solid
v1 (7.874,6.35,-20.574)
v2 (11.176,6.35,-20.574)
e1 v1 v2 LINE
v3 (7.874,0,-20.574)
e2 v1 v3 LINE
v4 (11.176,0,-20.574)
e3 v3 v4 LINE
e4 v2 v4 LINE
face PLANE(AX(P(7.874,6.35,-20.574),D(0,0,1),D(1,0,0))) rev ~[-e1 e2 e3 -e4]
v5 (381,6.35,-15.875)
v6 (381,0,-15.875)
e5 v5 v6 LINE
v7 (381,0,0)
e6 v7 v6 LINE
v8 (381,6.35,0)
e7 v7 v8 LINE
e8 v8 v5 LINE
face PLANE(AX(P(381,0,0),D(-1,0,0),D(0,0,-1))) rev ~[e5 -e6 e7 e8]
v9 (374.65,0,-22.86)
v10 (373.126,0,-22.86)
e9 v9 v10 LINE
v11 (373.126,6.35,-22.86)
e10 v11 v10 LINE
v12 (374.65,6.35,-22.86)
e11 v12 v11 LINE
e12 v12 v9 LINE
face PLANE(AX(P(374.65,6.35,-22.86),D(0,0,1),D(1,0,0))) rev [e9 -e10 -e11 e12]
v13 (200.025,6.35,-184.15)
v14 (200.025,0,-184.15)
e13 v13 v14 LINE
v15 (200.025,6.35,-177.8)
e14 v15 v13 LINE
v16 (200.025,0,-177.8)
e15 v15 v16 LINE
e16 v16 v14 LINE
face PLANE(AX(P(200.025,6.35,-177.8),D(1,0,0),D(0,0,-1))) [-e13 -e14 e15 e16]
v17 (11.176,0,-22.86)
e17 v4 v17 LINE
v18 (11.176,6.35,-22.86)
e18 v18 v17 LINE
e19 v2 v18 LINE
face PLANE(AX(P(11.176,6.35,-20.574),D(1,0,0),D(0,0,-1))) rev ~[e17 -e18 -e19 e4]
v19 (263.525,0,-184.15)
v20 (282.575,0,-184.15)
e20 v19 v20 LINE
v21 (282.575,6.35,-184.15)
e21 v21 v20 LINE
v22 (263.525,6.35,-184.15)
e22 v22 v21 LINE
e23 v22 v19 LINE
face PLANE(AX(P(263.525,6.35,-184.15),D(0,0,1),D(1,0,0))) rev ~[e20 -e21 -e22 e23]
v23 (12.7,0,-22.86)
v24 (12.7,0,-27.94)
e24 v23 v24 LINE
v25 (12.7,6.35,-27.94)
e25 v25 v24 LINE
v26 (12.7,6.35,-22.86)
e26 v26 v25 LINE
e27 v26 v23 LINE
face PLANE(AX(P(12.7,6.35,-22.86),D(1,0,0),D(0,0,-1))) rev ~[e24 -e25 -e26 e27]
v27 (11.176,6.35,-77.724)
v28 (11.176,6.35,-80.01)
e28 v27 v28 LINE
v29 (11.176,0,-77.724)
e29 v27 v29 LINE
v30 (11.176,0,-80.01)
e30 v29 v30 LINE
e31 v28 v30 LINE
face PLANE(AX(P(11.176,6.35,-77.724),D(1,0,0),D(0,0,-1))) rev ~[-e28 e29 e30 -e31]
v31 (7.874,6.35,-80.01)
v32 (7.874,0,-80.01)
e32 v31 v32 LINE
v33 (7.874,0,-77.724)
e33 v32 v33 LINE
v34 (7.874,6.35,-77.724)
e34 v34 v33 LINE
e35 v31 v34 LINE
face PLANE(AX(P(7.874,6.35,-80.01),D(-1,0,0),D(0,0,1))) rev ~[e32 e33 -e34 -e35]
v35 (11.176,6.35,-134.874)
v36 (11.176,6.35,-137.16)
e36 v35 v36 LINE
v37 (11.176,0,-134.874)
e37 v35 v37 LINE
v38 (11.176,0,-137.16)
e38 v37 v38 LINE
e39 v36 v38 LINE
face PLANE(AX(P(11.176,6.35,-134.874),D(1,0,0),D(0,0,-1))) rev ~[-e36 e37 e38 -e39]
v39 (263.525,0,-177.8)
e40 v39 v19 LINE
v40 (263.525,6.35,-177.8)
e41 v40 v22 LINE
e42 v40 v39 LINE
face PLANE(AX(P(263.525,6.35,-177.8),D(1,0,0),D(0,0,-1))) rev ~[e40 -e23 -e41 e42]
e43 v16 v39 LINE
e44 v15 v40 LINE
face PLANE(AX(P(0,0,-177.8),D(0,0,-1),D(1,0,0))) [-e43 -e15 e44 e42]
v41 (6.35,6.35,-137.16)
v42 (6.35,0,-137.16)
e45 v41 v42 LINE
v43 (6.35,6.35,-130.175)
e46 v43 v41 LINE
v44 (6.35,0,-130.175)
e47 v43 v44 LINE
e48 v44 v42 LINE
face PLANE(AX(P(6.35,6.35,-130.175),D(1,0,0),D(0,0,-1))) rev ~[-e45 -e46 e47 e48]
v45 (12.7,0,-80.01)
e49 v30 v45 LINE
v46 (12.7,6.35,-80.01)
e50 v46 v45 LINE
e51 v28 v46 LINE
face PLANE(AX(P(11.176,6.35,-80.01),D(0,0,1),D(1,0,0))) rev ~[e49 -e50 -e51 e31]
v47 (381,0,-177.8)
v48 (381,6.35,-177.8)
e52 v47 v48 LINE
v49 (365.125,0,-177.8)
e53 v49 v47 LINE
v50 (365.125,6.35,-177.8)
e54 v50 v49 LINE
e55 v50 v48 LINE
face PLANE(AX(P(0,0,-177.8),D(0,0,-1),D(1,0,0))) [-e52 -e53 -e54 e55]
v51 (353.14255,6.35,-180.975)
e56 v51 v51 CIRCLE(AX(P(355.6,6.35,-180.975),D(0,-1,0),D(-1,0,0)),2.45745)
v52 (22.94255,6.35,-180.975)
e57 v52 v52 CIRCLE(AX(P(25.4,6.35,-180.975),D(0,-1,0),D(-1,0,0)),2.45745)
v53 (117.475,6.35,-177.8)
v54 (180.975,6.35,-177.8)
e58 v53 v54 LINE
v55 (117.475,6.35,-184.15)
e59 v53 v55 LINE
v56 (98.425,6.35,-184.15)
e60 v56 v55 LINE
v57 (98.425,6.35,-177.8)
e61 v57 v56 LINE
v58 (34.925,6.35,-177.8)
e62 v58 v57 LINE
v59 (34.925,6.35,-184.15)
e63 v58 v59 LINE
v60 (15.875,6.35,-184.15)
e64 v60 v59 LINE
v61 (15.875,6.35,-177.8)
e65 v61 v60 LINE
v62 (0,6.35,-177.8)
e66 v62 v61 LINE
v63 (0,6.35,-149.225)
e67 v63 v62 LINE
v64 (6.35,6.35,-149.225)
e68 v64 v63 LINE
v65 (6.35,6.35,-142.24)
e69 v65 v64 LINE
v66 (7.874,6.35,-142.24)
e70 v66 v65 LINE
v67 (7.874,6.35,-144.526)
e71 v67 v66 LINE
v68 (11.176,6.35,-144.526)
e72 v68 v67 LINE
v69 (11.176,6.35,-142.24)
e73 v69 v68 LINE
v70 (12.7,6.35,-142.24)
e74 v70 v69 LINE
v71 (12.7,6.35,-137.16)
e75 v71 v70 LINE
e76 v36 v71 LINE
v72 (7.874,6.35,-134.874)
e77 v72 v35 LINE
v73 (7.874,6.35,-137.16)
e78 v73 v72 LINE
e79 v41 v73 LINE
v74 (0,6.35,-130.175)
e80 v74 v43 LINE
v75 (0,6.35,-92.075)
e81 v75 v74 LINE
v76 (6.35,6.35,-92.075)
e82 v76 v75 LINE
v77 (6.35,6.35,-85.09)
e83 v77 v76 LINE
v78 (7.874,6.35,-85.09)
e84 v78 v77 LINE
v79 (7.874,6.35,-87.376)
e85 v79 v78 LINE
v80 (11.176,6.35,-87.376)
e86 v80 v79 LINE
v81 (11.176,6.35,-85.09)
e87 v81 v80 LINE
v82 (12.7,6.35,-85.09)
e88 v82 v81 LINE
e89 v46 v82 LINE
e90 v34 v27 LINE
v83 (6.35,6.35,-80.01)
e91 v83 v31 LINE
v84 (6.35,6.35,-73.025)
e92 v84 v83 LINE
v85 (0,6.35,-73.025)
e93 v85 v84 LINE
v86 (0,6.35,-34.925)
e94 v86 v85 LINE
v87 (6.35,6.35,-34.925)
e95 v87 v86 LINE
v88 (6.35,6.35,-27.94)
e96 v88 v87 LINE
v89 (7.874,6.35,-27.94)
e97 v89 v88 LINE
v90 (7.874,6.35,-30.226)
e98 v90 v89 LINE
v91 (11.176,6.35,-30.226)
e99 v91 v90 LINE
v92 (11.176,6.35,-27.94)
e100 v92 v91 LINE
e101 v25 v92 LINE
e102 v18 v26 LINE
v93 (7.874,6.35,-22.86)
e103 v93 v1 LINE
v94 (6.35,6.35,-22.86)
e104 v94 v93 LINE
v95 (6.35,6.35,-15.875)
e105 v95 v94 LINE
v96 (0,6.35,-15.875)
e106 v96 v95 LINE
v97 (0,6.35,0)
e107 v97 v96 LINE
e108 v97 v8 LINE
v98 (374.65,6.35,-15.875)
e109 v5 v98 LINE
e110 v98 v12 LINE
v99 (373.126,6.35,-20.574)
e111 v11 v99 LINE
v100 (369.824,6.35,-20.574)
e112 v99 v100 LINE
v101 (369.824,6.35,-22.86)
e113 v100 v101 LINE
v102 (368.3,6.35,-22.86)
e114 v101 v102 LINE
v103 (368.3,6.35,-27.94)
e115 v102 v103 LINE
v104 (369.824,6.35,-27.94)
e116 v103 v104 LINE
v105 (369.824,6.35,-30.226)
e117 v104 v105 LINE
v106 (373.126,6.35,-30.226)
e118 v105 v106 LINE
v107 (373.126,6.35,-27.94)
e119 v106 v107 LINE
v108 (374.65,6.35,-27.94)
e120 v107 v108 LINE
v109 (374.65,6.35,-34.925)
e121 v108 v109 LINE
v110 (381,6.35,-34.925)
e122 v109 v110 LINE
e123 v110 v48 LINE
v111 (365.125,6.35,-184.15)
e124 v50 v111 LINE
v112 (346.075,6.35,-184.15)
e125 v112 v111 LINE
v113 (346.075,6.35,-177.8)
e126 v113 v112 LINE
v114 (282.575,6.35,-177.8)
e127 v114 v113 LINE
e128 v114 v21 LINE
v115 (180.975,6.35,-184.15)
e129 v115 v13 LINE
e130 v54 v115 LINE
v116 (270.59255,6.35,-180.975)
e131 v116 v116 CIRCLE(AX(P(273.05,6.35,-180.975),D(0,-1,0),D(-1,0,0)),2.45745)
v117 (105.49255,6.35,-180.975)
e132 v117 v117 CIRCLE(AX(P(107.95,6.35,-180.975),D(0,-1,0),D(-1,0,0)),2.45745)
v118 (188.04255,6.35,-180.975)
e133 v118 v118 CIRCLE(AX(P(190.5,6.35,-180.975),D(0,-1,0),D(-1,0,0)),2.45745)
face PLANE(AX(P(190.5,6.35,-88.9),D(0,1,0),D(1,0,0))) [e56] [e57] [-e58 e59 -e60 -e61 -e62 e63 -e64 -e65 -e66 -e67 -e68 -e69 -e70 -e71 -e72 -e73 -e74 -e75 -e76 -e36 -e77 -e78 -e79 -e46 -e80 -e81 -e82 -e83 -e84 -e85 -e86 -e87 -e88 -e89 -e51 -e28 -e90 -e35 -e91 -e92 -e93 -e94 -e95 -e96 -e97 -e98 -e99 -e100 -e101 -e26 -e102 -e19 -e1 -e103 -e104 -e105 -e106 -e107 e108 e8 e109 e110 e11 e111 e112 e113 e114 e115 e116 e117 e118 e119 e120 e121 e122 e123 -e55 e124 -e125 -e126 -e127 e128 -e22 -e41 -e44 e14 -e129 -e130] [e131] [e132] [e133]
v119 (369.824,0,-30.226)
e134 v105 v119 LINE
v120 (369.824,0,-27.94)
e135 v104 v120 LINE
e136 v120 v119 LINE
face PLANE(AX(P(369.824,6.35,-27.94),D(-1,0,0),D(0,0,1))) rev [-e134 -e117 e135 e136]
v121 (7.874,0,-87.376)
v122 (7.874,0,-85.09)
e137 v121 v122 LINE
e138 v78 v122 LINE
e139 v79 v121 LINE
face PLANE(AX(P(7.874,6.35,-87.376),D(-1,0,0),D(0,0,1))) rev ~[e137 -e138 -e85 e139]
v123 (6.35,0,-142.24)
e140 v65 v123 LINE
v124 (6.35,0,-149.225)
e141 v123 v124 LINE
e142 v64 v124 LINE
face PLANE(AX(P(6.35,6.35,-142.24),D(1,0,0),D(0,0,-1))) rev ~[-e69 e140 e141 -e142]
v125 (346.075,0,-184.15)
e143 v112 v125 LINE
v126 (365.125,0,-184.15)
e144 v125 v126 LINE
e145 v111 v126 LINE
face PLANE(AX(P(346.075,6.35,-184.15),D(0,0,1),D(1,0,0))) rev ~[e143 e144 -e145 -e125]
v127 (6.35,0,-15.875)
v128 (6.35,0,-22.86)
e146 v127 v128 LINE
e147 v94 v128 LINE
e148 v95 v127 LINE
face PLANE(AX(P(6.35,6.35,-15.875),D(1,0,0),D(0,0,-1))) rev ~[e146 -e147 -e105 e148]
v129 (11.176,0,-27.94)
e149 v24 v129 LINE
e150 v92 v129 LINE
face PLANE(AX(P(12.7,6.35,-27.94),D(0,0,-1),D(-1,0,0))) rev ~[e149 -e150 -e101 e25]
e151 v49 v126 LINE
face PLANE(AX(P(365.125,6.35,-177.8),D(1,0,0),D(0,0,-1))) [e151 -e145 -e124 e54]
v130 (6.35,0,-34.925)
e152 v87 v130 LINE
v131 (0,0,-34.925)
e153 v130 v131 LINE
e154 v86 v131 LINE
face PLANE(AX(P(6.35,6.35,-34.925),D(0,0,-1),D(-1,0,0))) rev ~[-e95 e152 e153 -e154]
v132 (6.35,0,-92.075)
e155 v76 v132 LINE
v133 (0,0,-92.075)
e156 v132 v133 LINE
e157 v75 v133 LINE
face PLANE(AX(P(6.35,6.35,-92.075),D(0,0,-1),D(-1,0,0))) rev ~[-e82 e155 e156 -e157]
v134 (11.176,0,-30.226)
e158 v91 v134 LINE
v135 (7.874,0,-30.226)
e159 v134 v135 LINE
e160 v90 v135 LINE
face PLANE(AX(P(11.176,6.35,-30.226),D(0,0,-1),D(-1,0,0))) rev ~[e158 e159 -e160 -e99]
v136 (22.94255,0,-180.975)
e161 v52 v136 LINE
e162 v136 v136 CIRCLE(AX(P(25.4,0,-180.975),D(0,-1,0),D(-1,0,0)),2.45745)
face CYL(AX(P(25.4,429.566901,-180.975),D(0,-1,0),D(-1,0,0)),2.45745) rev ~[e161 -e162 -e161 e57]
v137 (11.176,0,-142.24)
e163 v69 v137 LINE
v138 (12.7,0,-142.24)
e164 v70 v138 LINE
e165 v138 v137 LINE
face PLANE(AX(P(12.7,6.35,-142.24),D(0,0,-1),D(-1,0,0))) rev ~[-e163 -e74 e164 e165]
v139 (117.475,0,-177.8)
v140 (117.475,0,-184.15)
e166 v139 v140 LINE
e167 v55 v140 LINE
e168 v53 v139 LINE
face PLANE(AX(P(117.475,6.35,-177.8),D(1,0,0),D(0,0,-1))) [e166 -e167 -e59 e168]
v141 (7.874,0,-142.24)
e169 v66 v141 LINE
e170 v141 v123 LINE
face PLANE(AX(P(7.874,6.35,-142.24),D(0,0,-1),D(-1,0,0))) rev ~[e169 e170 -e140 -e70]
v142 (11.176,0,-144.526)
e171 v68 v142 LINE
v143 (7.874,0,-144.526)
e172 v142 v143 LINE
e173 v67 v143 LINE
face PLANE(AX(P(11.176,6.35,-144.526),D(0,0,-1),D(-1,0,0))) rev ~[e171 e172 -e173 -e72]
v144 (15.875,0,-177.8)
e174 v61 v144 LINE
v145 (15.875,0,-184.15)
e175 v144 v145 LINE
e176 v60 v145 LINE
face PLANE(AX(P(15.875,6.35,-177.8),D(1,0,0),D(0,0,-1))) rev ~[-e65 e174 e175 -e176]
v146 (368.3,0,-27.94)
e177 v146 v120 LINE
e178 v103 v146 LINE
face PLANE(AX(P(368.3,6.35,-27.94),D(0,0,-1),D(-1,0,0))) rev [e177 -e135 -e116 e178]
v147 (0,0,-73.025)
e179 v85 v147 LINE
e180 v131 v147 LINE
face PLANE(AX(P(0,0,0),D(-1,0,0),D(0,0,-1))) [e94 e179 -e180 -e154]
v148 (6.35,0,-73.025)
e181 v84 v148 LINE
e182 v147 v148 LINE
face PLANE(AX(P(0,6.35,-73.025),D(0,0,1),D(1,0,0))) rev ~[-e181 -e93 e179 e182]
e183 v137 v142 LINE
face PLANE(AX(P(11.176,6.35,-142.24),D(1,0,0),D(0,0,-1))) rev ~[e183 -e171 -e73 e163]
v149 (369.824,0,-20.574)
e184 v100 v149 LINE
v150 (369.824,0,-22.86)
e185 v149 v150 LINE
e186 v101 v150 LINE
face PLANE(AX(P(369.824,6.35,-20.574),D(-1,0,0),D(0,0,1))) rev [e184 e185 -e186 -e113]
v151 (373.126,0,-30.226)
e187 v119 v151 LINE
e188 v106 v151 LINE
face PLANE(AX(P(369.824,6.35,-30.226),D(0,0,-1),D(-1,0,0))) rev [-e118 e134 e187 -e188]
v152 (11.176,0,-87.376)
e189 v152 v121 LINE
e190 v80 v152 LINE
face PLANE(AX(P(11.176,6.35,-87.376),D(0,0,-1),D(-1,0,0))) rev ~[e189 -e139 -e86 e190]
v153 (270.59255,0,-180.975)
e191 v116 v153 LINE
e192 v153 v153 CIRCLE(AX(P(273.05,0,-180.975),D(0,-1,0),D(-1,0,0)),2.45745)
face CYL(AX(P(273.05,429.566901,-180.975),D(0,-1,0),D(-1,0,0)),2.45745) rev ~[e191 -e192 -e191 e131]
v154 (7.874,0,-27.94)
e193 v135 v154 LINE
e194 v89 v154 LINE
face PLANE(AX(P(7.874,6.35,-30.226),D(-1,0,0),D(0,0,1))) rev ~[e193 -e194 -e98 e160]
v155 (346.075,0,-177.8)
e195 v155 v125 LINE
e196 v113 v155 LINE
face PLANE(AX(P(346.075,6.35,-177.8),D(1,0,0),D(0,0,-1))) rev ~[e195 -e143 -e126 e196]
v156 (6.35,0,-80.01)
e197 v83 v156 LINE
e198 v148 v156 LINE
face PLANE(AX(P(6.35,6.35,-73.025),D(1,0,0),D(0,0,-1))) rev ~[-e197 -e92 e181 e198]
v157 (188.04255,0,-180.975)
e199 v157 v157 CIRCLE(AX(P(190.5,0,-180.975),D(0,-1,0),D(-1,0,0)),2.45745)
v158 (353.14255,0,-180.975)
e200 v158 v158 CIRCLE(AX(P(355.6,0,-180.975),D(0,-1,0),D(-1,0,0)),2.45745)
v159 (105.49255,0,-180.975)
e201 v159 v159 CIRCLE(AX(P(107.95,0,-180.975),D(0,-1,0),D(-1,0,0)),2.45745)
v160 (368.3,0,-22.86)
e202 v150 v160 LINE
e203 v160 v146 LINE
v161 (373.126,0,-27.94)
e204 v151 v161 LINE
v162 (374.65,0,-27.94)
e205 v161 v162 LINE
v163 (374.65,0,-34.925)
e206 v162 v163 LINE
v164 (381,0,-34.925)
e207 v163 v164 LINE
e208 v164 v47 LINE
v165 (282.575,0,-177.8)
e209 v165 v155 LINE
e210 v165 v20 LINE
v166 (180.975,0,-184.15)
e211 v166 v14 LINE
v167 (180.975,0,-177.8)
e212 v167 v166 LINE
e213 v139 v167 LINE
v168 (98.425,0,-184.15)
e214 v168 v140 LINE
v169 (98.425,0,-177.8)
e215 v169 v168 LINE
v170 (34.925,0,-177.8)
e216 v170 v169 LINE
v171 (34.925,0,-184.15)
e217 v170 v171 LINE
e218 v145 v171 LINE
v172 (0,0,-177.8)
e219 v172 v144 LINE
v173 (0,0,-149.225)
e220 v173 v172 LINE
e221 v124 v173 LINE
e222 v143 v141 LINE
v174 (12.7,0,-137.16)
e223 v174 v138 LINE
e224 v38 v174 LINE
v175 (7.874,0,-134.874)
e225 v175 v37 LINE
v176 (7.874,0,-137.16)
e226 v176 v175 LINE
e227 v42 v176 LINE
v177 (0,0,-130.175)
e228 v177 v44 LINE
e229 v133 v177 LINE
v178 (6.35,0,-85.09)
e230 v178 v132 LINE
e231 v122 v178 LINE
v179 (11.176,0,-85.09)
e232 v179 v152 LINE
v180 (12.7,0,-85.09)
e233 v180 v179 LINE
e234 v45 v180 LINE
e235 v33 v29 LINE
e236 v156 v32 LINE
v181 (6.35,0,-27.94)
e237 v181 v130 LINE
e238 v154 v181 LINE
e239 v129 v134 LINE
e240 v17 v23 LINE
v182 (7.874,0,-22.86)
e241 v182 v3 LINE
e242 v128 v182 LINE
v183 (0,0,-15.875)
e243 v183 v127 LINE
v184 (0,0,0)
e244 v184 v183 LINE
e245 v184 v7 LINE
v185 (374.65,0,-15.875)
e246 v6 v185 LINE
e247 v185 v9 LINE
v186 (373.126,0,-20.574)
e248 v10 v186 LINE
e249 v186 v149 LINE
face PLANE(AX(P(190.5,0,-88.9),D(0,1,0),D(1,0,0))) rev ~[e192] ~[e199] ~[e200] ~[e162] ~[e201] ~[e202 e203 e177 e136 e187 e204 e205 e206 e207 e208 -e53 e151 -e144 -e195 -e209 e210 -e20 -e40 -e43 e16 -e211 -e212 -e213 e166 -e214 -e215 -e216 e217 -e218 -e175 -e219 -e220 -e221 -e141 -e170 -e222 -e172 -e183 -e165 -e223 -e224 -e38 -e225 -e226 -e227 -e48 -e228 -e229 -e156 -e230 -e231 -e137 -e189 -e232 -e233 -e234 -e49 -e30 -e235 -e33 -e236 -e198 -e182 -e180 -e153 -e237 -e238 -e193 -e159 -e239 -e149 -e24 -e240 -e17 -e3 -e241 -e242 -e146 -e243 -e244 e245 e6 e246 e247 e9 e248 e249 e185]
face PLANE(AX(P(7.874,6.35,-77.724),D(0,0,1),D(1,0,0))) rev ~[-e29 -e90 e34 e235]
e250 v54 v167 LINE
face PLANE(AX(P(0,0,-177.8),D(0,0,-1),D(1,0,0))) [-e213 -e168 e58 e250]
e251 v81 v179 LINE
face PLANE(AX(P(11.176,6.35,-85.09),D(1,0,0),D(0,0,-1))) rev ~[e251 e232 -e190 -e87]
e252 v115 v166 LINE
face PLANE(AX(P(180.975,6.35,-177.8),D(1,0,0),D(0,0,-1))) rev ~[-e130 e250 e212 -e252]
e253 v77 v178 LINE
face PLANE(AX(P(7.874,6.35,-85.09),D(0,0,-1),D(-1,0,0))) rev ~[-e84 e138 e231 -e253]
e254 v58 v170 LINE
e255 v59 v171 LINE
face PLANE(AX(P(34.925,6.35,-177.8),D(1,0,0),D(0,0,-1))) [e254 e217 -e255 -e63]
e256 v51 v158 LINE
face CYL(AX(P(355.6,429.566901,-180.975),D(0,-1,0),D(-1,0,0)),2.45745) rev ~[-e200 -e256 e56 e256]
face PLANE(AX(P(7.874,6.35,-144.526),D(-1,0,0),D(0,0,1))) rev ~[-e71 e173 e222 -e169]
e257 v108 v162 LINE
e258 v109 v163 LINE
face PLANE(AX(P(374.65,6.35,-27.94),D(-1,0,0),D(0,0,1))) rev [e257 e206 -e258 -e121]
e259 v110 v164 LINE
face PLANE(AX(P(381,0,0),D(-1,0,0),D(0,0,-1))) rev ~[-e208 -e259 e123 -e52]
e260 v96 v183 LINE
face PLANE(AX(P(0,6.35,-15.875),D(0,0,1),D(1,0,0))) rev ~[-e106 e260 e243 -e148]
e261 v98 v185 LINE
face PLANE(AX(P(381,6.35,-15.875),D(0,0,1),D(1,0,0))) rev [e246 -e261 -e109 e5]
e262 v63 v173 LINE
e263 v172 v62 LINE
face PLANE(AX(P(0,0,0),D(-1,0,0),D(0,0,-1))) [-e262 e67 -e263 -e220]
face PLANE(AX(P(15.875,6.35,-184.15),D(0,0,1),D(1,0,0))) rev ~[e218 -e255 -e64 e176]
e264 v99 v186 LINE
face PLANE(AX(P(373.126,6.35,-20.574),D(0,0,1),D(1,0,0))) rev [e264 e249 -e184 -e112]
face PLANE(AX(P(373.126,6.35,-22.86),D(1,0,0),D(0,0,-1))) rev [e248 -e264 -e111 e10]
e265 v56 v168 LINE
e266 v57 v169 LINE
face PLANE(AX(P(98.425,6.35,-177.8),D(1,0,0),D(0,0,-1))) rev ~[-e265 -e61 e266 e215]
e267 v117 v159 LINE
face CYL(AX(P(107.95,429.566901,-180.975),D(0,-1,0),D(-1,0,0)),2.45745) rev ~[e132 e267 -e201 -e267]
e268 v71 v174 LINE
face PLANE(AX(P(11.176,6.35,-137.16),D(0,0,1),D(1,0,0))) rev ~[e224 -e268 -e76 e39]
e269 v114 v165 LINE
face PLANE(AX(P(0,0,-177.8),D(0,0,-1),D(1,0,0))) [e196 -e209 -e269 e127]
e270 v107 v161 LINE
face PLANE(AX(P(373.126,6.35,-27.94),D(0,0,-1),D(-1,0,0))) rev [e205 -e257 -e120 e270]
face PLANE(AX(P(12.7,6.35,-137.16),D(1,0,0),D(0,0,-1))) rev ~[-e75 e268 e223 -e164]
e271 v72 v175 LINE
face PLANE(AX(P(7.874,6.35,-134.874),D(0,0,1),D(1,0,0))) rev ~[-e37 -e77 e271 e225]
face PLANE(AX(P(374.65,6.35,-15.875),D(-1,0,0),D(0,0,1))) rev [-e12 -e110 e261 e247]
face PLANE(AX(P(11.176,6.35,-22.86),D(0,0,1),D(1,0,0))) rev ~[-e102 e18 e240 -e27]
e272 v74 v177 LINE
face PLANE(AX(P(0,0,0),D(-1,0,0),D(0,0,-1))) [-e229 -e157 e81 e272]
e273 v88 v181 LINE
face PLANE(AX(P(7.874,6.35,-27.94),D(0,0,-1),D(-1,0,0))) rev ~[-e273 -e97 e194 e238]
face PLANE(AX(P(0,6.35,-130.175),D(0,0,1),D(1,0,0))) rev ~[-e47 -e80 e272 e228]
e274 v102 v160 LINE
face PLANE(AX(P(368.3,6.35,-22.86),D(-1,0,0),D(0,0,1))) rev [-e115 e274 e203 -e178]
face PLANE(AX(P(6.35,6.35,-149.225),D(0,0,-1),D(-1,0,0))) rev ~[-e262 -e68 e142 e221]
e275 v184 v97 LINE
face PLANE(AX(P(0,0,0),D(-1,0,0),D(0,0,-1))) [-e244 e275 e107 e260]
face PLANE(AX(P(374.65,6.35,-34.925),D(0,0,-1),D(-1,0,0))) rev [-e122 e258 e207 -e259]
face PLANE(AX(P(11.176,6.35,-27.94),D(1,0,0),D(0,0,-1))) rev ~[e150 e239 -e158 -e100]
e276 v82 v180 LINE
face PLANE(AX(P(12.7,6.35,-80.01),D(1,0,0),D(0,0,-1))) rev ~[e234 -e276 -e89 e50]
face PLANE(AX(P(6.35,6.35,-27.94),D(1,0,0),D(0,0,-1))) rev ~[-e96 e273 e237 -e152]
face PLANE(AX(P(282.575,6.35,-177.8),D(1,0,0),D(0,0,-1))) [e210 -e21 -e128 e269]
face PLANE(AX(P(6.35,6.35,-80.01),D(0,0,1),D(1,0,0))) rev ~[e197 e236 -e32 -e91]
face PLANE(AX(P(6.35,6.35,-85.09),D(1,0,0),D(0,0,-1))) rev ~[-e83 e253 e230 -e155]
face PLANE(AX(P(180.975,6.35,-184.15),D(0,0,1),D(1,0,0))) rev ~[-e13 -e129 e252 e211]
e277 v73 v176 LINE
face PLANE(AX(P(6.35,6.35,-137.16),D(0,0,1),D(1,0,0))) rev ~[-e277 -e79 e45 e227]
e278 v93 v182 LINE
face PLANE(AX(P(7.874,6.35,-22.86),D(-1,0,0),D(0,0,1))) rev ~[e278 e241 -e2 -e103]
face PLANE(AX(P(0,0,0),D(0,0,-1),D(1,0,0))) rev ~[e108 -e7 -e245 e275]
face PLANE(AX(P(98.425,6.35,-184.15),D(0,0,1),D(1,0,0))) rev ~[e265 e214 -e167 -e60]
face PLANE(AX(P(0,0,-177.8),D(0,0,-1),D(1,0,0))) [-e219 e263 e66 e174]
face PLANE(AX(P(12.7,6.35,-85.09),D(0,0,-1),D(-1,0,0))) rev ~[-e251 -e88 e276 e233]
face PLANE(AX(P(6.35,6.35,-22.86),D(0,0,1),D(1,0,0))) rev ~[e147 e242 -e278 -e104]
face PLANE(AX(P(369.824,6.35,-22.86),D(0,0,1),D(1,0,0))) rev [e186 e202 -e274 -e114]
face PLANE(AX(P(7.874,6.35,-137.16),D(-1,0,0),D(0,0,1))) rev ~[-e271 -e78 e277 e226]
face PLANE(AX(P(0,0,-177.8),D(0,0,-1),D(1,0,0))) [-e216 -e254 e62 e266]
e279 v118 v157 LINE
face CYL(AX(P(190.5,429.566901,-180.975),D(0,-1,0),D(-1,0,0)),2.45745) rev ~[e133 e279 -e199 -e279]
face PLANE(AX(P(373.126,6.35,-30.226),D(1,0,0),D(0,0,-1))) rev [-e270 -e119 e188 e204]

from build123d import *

# Parameters (mm, degrees)
SKETCH1_W                    = 381
SKETCH1_H                    = 177.8
BOSS_EXTRUDE1_DEPTH          = 6.35
SKETCH2_W                    = 19.05
SKETCH2_H                    = 6.35
BOSS_EXTRUDE2_DEPTH          = 6.35
F_10_0_1935_DIAMETER_HOLE1_D = 4.9149
LPATTERN1_COUNT              = 5
LPATTERN1_PITCH              = 82.55
CUT_EXTRUDE2_DEPTH           = 424.216900655
LPATTERN4_COUNT              = 3
LPATTERN4_PITCH              = 57.15


with BuildPart() as part:
    # Sketch1 → Boss-Extrude1 (new body)
    with BuildSketch(Plane(origin=(0, 0, 0), x_dir=(1, 0, 0), z_dir=(0, 1, 0))):
        with Locations((190.5, 88.9)):
            Rectangle(SKETCH1_W, SKETCH1_H)
    extrude(amount=BOSS_EXTRUDE1_DEPTH)

    # Sketch2 → Boss-Extrude2 (add)
    with BuildSketch(Plane(origin=(0, 6.35, 0), x_dir=(1, 0, 0), z_dir=(0, 1, 0))):
        with Locations((25.4, 180.975)):
            Rectangle(SKETCH2_W, SKETCH2_H)
    boss_extrude2 = extrude(amount=-BOSS_EXTRUDE2_DEPTH)

    # #10 (0.1935) Diameter Hole1 (through all)
    with Locations(Plane(origin=(0, 6.35, 0), x_dir=(1, 0, 0), z_dir=(0, 1, 0))):
        with Locations((25.4, 180.975)):
            f_10_0_1935_diameter_hole1 = Hole(F_10_0_1935_DIAMETER_HOLE1_D / 2)

    # LPattern1: Boss-Extrude2, #10 (0.1935) Diameter Hole1 ×5
    with Locations(*[(i * LPATTERN1_PITCH, 0, 0) for i in range(1, LPATTERN1_COUNT)]):
        add(boss_extrude2)
        add(f_10_0_1935_diameter_hole1, mode=Mode.SUBTRACT)

    # Sketch7 → Cut-Extrude2 (cut, through all)
    with BuildSketch(Plane(origin=(0, 6.35, 0), x_dir=(1, 0, 0), z_dir=(0, 1, 0))):
        Polygon((0, 34.925), (0, 15.875), (6.35, 15.875), (6.35, 22.86), (7.874, 22.86), (7.874, 20.574), (11.176, 20.574), (11.176, 22.86), (12.7, 22.86), (12.7, 27.94), (11.176, 27.94), (11.176, 30.226), (7.874, 30.226), (7.874, 27.94), (6.35, 27.94), (6.35, 34.925), align=None)
    cut_extrude2 = extrude(amount=-CUT_EXTRUDE2_DEPTH, mode=Mode.SUBTRACT)

    # Mirror2: Cut-Extrude2 across plane
    add(cut_extrude2.mirror(Plane.ZY.offset(-190.5)), mode=Mode.SUBTRACT)

    # LPattern4: Cut-Extrude2 ×3
    with Locations(*[(0, 0, -i * LPATTERN4_PITCH) for i in range(1, LPATTERN4_COUNT)]):
        add(cut_extrude2, mode=Mode.SUBTRACT)


solid = part.part
